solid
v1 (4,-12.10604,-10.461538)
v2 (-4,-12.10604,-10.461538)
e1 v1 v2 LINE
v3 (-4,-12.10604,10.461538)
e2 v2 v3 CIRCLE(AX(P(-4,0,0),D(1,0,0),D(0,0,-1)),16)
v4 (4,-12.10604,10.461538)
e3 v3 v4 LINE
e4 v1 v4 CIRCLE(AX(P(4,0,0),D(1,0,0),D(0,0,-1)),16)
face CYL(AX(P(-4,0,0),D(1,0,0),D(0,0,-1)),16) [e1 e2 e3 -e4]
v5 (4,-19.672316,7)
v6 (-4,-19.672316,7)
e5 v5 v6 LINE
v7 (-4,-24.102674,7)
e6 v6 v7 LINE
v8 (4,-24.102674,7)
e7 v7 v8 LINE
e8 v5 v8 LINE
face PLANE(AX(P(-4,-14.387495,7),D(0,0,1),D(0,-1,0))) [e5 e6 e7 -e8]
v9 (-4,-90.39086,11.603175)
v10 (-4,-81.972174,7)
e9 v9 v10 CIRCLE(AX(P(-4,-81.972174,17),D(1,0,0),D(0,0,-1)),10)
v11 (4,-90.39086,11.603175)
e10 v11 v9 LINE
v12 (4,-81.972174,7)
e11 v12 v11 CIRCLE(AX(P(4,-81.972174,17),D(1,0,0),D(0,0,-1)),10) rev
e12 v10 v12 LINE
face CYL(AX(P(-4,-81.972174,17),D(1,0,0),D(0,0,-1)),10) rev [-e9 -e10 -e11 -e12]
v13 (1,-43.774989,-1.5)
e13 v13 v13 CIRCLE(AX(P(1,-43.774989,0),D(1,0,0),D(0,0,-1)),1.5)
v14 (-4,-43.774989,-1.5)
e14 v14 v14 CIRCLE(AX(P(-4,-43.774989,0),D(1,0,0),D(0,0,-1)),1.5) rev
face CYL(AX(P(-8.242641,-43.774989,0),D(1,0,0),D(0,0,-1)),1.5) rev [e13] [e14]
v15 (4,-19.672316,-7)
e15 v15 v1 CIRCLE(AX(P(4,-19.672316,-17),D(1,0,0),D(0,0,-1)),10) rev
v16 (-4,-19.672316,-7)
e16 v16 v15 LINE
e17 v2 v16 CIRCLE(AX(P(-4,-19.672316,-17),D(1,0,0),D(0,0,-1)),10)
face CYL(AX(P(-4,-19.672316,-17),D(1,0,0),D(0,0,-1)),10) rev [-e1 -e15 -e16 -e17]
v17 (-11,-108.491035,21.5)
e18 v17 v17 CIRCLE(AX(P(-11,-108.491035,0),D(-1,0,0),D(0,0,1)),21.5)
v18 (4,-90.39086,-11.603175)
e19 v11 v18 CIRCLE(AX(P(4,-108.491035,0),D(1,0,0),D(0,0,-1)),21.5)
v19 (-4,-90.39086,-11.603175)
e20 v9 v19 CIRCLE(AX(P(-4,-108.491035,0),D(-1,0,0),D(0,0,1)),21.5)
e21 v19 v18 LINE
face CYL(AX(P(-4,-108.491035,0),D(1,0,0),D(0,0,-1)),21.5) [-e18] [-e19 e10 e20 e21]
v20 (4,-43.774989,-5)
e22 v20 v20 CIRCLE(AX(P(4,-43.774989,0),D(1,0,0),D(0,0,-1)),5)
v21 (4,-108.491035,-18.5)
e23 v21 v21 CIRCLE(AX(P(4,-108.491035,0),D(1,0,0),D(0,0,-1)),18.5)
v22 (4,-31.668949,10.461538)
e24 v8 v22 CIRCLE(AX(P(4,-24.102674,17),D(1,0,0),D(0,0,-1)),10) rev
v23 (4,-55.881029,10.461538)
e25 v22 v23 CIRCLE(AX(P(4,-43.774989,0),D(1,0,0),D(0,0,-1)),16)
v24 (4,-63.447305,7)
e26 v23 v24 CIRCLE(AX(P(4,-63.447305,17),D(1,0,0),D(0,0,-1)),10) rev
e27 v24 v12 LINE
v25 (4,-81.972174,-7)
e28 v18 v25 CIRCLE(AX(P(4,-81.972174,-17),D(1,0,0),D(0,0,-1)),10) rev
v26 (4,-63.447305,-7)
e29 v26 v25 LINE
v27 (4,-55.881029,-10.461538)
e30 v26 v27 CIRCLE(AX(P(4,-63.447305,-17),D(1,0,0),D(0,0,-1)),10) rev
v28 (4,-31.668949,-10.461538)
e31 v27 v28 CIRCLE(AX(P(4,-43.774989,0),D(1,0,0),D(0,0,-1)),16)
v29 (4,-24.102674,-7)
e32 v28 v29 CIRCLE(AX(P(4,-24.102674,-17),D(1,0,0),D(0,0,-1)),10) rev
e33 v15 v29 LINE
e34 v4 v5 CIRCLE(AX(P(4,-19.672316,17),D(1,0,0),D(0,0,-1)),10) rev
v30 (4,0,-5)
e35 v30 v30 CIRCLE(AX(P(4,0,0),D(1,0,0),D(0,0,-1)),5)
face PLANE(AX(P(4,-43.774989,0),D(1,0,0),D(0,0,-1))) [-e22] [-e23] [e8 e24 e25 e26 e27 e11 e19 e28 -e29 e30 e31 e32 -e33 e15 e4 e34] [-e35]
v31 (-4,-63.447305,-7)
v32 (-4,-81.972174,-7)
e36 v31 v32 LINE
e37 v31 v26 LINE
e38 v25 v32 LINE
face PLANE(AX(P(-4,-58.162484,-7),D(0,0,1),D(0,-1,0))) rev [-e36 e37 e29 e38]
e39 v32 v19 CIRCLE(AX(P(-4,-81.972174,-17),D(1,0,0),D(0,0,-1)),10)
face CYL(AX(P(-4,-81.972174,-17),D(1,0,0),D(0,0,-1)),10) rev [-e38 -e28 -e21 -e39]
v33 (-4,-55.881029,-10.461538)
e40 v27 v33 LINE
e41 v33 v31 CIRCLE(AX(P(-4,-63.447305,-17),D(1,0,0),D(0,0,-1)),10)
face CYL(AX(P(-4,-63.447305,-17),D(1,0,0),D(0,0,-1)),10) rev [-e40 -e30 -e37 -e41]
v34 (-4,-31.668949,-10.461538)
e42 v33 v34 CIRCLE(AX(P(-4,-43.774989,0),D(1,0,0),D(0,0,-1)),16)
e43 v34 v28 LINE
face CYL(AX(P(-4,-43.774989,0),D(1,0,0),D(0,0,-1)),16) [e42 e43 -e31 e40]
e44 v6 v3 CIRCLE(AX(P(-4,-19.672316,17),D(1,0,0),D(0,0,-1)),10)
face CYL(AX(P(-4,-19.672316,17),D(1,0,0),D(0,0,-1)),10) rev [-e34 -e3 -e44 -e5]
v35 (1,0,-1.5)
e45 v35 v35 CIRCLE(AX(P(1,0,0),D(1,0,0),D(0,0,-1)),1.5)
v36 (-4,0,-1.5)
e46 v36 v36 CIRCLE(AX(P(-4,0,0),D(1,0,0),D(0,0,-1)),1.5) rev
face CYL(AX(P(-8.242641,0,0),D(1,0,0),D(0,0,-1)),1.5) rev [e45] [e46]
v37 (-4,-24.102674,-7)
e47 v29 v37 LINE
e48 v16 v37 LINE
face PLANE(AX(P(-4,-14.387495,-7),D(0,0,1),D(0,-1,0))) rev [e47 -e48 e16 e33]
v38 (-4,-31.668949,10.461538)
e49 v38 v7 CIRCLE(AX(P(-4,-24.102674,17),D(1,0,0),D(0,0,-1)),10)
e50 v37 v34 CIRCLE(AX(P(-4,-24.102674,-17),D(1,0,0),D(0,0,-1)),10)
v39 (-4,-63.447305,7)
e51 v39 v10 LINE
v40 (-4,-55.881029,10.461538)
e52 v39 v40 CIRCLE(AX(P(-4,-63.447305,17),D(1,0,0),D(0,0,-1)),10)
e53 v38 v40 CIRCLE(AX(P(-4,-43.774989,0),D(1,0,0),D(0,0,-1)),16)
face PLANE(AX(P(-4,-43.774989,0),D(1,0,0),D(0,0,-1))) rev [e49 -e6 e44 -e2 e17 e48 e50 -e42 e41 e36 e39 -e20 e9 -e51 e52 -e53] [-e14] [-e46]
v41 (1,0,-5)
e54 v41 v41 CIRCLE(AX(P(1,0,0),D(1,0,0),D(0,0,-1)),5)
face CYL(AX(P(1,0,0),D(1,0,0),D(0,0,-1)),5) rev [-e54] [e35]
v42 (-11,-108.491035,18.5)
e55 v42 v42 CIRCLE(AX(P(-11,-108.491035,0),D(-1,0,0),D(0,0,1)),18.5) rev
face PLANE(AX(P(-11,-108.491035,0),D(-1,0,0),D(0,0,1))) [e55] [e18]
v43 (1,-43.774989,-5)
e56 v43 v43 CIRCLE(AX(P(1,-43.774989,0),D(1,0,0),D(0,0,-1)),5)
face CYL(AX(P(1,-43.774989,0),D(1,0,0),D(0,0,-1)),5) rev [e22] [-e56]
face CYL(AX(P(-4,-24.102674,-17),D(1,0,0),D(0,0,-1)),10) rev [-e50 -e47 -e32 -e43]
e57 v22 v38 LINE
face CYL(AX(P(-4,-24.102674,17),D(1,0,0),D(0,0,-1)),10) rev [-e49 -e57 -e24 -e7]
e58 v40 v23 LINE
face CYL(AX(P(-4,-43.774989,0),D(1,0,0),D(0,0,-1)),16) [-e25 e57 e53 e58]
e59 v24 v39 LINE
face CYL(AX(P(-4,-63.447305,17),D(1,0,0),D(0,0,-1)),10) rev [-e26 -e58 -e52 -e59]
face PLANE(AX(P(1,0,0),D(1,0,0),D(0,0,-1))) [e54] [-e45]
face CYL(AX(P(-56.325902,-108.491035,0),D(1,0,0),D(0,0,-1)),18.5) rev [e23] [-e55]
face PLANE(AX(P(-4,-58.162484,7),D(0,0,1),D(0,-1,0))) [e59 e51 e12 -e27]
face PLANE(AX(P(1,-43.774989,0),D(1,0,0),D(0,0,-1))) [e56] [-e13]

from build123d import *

# Parameters (mm, degrees)
BOSS_EXTRUDE1_DEPTH      = 4
BOSS_EXTRUDE1_DEPTH_BACK = 4
FILLET1_R                = 10
SKETCH2_R                = 5
CUT_EXTRUDE1_DEPTH       = 3
SKETCH3_R                = 1.5
CUT_EXTRUDE2_DEPTH       = 5
SKETCH4_R                = 18.5
CUT_EXTRUDE3_DEPTH       = 8
SKETCH5_R                = 21.5
SKETCH5_R_2              = 18.5
BOSS_EXTRUDE2_DEPTH      = 7


with BuildPart() as part:
    # Sketch1 → Boss-Extrude1 (new, two sides: drawn at the far end of the back side and taken through both)
    with BuildSketch(Plane(origin=(0, 0, 0), x_dir=(0, 0, -1), z_dir=(1, 0, 0)).offset(-BOSS_EXTRUDE1_DEPTH_BACK)):
        with BuildLine():
            Line((-7, -14.38749457), (-7, -29.38749457))
            ThreePointArc((-7, -29.38749457), (-16, -43.77498914), (-7, -58.16248371))
            Line((-7, -58.16248371), (-7, -88.16248371))
            ThreePointArc((-7, -88.16248371), (0, -129.99103506), (7, -88.16248371))
            Line((7, -88.16248371), (7, -58.16248371))
            ThreePointArc((7, -58.16248371), (16, -43.77498914), (7, -29.38749457))
            Line((7, -29.38749457), (7, -14.38749457))
            ThreePointArc((7, -14.38749457), (0, 16), (-7, -14.38749457))
        make_face()
    extrude(amount=BOSS_EXTRUDE1_DEPTH + BOSS_EXTRUDE1_DEPTH_BACK)

    # Fillet1
    fillet1_edges = [part.edges().sort_by_distance(p)[0] for p in [
        (0, -29.38749457, 7),
        (0, -14.38749457, 7),
        (0, -14.38749457, -7),
        (0, -29.38749457, -7),
        (0, -58.16248371, -7),
        (0, -88.16248371, -7),
        (0, -88.16248371, 7),
        (0, -58.16248371, 7),
    ]]
    fillet(fillet1_edges, radius=FILLET1_R)

    # Sketch2 → Cut-Extrude1 (cut)
    with BuildSketch(Plane(origin=(4, 0, 0), x_dir=(0, 0, -1), z_dir=(1, 0, 0))):
        Circle(SKETCH2_R)
        with Locations((0, -43.77498914)):
            Circle(SKETCH2_R)
    extrude(amount=-CUT_EXTRUDE1_DEPTH, mode=Mode.SUBTRACT)

    # Sketch3 → Cut-Extrude2 (cut)
    with BuildSketch(Plane(origin=(1, 0, 0), x_dir=(0, 0, -1), z_dir=(1, 0, 0))):
        Circle(SKETCH3_R)
        with Locations((0, -43.77498914)):
            Circle(SKETCH3_R)
    extrude(amount=-CUT_EXTRUDE2_DEPTH, mode=Mode.SUBTRACT)

    # Sketch4 → Cut-Extrude3 (cut)
    with BuildSketch(Plane(origin=(4, 0, 0), x_dir=(0, 0, -1), z_dir=(1, 0, 0))):
        with Locations((0, -108.49103506)):
            Circle(SKETCH4_R)
    extrude(amount=-CUT_EXTRUDE3_DEPTH, mode=Mode.SUBTRACT)

    # Sketch5 → Boss-Extrude2 (add)
    with BuildSketch(Plane.ZY.offset(4)):
        with Locations(Location((0, -108.49103506, 0), (0, 0, 122.662030563))):
            Circle(SKETCH5_R)
        with Locations(Location((0, -108.49103506, 0), (0, 0, 180))):
            Circle(SKETCH5_R_2, mode=Mode.SUBTRACT)
    extrude(amount=BOSS_EXTRUDE2_DEPTH)


solid = part.part
